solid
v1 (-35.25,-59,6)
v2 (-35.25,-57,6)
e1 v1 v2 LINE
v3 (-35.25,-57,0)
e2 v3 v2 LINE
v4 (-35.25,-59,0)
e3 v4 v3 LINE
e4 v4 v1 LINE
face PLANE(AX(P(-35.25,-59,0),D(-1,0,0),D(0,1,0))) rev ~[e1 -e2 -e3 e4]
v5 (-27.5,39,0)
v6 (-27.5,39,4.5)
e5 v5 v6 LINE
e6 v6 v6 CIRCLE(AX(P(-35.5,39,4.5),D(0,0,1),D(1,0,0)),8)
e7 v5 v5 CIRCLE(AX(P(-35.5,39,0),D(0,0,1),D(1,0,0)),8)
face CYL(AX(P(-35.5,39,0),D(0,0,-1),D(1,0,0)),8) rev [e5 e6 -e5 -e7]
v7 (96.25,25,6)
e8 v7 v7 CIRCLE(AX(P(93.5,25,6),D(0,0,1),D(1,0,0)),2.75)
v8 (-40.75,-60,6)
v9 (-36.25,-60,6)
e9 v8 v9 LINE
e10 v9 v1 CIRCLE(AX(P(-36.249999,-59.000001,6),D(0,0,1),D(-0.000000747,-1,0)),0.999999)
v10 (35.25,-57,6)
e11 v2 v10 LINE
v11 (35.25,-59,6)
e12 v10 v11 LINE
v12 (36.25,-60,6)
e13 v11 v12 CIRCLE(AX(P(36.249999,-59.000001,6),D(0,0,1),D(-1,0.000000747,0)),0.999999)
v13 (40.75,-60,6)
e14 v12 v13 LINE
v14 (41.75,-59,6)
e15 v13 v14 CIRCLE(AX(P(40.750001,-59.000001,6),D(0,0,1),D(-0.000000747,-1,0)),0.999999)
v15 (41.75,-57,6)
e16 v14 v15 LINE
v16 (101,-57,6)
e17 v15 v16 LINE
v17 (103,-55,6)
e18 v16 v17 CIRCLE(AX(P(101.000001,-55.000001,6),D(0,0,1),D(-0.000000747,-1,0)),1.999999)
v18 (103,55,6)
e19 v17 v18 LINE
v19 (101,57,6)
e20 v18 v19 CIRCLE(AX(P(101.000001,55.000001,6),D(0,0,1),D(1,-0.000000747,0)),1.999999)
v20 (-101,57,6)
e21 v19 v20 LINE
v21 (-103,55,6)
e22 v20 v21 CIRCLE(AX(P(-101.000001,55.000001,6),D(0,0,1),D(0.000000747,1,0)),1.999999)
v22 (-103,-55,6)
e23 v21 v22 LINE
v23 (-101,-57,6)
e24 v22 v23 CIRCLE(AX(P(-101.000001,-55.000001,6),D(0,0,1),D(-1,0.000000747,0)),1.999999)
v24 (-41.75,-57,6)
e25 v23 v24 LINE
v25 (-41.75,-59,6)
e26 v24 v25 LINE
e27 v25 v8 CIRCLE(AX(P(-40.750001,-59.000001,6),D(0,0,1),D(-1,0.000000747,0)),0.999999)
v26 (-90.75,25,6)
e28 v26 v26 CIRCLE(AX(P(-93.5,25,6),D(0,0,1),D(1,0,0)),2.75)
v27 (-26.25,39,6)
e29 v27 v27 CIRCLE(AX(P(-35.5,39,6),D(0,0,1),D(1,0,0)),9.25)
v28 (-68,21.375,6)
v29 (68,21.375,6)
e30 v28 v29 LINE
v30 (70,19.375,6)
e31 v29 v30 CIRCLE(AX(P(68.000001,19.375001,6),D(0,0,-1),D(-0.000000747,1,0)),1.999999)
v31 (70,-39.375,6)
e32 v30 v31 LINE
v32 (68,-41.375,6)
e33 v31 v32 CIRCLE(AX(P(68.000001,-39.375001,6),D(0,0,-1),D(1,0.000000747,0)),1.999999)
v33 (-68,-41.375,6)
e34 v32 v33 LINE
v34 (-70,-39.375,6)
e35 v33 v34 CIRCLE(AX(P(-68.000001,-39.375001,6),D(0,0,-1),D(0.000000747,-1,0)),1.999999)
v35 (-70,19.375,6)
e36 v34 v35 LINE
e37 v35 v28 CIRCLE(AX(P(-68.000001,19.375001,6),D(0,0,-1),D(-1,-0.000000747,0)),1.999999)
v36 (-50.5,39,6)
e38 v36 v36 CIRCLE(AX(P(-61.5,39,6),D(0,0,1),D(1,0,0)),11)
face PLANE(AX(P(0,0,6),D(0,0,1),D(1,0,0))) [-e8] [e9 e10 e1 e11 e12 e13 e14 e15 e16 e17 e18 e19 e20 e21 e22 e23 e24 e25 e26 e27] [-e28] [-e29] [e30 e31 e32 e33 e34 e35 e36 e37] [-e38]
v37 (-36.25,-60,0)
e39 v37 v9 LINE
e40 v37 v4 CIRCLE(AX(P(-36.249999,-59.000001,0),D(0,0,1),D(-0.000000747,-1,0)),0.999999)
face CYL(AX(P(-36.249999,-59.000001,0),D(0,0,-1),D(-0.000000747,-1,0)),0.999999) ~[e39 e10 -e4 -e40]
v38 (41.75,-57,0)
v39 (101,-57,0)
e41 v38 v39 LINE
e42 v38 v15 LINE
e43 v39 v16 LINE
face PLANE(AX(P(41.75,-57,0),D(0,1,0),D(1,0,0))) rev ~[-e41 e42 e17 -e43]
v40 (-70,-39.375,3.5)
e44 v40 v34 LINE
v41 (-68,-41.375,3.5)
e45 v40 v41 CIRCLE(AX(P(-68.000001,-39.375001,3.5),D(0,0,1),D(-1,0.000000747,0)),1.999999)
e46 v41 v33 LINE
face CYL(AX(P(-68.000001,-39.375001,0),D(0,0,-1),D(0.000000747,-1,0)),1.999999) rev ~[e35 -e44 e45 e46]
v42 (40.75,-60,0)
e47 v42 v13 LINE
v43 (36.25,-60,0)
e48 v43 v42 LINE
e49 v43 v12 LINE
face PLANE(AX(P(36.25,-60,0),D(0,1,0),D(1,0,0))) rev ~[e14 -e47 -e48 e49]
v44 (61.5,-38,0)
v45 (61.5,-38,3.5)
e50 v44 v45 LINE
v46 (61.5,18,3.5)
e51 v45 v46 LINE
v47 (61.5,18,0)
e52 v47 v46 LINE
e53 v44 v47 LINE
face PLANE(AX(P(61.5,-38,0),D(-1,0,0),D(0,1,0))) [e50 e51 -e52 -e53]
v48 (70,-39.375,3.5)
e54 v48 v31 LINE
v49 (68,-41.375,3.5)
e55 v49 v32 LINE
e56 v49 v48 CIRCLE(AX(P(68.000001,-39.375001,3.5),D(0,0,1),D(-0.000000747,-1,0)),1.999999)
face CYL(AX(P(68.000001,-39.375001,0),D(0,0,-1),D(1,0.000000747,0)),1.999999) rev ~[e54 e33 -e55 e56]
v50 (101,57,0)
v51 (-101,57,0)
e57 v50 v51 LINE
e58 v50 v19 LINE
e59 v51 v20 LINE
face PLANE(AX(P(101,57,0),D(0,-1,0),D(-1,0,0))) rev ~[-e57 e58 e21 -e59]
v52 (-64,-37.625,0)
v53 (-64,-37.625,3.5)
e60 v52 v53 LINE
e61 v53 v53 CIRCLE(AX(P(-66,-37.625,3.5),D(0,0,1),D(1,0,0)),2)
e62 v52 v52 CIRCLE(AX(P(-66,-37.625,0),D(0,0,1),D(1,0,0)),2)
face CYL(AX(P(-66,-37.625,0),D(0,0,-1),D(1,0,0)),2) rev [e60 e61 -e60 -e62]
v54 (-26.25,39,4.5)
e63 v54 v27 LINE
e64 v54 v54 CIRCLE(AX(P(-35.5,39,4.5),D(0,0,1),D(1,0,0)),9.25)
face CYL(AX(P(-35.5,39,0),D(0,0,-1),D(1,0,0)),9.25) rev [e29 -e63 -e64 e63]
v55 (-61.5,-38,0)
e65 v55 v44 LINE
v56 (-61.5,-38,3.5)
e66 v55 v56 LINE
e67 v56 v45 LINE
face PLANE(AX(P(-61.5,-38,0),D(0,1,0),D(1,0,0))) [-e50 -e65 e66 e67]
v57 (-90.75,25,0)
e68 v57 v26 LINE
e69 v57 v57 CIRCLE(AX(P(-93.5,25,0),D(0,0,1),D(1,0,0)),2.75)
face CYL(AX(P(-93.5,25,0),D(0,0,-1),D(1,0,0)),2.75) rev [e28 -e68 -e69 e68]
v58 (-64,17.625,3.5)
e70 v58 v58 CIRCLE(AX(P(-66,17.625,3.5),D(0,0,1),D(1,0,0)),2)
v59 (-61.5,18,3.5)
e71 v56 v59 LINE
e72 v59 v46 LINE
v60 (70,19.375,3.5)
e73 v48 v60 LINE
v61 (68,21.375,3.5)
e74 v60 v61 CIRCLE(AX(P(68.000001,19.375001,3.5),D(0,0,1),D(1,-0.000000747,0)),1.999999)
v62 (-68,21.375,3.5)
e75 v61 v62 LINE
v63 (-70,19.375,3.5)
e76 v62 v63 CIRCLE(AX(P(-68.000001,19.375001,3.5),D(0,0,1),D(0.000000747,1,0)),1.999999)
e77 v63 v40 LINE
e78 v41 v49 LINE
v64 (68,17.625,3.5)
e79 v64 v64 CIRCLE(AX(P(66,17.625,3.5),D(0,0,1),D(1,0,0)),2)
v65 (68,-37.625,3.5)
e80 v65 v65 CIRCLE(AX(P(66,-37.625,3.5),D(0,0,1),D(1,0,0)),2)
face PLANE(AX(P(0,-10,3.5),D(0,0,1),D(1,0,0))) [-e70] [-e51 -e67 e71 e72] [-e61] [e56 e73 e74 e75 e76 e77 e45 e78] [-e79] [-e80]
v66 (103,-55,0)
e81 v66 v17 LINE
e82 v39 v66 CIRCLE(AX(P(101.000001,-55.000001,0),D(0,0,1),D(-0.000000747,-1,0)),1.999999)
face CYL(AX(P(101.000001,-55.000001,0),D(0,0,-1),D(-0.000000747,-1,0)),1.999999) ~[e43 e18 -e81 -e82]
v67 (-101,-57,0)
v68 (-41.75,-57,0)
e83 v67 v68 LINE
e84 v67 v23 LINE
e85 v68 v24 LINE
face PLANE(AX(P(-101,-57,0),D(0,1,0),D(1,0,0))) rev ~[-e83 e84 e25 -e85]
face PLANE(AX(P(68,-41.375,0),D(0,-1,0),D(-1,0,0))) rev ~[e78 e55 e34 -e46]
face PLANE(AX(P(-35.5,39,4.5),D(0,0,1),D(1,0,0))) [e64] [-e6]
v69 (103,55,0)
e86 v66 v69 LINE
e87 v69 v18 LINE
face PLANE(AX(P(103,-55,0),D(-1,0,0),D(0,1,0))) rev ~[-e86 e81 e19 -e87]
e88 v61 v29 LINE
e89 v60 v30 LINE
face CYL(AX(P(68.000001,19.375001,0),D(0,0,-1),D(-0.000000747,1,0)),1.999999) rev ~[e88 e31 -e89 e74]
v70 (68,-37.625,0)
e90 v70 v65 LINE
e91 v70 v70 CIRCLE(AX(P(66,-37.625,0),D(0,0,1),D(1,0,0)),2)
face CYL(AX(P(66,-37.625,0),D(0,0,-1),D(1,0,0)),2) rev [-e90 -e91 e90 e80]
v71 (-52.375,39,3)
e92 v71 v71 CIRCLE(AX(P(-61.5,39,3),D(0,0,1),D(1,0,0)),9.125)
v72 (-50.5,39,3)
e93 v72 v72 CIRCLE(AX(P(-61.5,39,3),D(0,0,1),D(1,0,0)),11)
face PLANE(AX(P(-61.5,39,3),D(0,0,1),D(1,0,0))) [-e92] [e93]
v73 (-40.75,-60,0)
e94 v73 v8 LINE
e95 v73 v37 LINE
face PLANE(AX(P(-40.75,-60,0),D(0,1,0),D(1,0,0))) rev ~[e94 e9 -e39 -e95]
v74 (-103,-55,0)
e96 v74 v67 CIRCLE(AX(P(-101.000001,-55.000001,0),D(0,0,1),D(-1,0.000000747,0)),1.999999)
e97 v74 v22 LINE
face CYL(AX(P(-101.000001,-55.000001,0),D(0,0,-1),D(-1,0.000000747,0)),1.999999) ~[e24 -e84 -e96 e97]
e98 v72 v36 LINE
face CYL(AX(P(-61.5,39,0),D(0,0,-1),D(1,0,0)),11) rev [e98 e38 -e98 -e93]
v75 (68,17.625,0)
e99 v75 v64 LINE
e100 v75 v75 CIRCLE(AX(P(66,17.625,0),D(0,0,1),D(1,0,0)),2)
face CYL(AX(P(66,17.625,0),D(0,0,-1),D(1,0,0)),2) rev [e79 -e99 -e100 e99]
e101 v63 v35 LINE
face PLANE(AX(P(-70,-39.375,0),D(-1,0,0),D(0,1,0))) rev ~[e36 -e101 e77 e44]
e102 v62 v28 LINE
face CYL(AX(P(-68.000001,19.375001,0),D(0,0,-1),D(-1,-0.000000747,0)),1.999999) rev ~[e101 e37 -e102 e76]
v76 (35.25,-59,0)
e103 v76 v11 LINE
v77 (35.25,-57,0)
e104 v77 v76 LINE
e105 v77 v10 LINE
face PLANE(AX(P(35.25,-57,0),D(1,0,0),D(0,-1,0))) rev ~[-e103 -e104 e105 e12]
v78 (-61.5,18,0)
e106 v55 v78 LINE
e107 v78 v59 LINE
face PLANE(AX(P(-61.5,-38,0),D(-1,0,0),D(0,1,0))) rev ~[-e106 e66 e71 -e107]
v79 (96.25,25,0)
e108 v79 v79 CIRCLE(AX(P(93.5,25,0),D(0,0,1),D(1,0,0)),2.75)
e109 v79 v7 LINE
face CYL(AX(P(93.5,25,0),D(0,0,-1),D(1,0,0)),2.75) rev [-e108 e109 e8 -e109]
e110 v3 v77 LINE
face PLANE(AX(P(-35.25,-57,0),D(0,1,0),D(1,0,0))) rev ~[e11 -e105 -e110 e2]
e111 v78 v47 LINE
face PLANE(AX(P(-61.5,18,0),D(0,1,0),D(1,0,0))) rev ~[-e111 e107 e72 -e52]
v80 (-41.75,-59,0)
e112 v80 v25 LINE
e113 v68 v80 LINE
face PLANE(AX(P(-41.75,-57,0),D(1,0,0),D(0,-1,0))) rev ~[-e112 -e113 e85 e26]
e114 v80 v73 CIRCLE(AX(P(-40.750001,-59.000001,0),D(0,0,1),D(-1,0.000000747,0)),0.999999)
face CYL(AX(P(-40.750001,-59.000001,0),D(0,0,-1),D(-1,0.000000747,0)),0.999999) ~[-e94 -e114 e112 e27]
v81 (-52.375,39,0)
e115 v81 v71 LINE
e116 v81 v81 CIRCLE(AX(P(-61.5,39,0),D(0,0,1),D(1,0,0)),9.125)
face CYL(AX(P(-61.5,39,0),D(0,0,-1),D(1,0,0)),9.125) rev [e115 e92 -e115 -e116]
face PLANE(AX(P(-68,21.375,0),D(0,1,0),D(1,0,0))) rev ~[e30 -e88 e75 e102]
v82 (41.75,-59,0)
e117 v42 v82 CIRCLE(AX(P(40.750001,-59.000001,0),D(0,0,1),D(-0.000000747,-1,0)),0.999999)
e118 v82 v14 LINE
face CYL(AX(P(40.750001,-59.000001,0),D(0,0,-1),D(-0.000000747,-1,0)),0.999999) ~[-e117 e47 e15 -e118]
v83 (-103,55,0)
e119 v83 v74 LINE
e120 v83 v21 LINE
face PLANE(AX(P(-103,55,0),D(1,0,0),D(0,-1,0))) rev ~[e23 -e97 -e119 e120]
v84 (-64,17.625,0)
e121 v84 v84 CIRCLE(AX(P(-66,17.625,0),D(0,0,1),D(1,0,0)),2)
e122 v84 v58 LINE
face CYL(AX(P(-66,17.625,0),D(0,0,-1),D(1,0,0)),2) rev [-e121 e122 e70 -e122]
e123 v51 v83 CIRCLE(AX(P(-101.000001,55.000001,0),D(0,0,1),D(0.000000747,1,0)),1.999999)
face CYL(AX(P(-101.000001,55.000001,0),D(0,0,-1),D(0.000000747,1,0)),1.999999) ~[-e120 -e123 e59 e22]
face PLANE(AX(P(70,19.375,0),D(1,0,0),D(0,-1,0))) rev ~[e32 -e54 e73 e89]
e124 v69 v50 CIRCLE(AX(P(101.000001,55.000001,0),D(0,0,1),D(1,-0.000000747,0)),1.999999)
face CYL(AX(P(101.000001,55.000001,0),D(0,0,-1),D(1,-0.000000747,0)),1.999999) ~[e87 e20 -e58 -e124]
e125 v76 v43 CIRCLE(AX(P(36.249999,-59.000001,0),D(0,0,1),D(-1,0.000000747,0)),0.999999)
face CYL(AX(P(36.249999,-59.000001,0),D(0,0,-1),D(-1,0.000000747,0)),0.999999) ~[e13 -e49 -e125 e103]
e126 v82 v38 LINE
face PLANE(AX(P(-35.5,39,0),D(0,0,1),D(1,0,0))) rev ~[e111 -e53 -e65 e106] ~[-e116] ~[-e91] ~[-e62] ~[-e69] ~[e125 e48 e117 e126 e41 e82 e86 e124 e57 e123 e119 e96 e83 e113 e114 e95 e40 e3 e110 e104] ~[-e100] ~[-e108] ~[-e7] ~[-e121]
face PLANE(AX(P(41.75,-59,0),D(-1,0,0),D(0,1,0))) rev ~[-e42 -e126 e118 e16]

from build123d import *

# Parameters (mm, degrees)
F0_R     = 2.75
F0_R_2   = 11
F0_R_3   = 9.25
F1_DEPTH = 6
F0_R_4   = 2
F0_W     = 123
F0_H     = 56
F2_DEPTH = 3.5
F0_R_5   = 9.125
F3_DEPTH = 3
F0_R_6   = 8
F4_DEPTH = 4.5


with BuildPart() as f1:
    # F0 (on Top) → F1 (new body)
    with BuildSketch(Plane.XY):
        with BuildLine():
            Line((41.75, -57), (101, -57))
            ThreePointArc((101, -57), (102.414214, -56.414214), (103, -55))
            Line((103, -55), (103, 55))
            ThreePointArc((103, 55), (102.414214, 56.414214), (101, 57))
            Line((101, 57), (-101, 57))
            ThreePointArc((-101, 57), (-102.414214, 56.414214), (-103, 55))
            Line((-103, 55), (-103, -55))
            ThreePointArc((-103, -55), (-102.414214, -56.414214), (-101, -57))
            Line((-101, -57), (-41.75, -57))
            Line((-41.75, -57), (-35.25, -57))
            Line((-35.25, -57), (0, -57))
            Line((0, -57), (35.25, -57))
            Line((35.25, -57), (41.75, -57))
        make_face()
        with BuildLine():
            ThreePointArc((70, -39.375), (69.414214, -40.789214), (68, -41.375))
            Line((68, -41.375), (-68, -41.375))
            ThreePointArc((-68, -41.375), (-69.414214, -40.789214), (-70, -39.375))
            Line((-70, -39.375), (-70, 19.375))
            ThreePointArc((-70, 19.375), (-69.414214, 20.789214), (-68, 21.375))
            Line((-68, 21.375), (68, 21.375))
            ThreePointArc((68, 21.375), (69.414214, 20.789214), (70, 19.375))
            Line((70, 19.375), (70, -39.375))
        make_face(mode=Mode.SUBTRACT)
        with Locations((-93.5, 25)):
            Circle(F0_R, mode=Mode.SUBTRACT)
        with Locations((-61.5, 39)):
            Circle(F0_R_2, mode=Mode.SUBTRACT)
        with Locations((-35.5, 39)):
            Circle(F0_R_3, mode=Mode.SUBTRACT)
        with Locations((93.5, 25)):
            Circle(F0_R, mode=Mode.SUBTRACT)
        with BuildLine():
            Line((-35.25, -59), (-35.25, -57))
            Line((-35.25, -57), (-41.75, -57))
            Line((-41.75, -57), (-41.75, -59))
            ThreePointArc((-41.75, -59), (-41.457107, -59.707107), (-40.75, -60))
            Line((-40.75, -60), (-36.25, -60))
            ThreePointArc((-36.25, -60), (-35.542893, -59.707107), (-35.25, -59))
        make_face()
        with BuildLine():
            Line((41.75, -59), (41.75, -57))
            Line((41.75, -57), (35.25, -57))
            Line((35.25, -57), (35.25, -59))
            ThreePointArc((35.25, -59), (35.542893, -59.707107), (36.25, -60))
            Line((36.25, -60), (40.75, -60))
            ThreePointArc((40.75, -60), (41.457107, -59.707107), (41.75, -59))
        make_face()
    extrude(amount=F1_DEPTH)

    # F0 (on Top) → F2 (join)
    with BuildSketch(Plane.XY):
        with BuildLine():
            Line((-68, -41.375), (68, -41.375))
            ThreePointArc((68, -41.375), (69.414214, -40.789214), (70, -39.375))
            Line((70, -39.375), (70, 19.375))
            ThreePointArc((70, 19.375), (69.414214, 20.789214), (68, 21.375))
            Line((68, 21.375), (-68, 21.375))
            ThreePointArc((-68, 21.375), (-69.414214, 20.789214), (-70, 19.375))
            Line((-70, 19.375), (-70, -39.375))
            ThreePointArc((-70, -39.375), (-69.414214, -40.789214), (-68, -41.375))
        make_face()
        with Locations((-66, -37.625)):
            Circle(F0_R_4, mode=Mode.SUBTRACT)
        with Locations((0, -10)):
            Rectangle(F0_W, F0_H, mode=Mode.SUBTRACT)
        with Locations((66, -37.625)):
            Circle(F0_R_4, mode=Mode.SUBTRACT)
        with Locations((-66, 17.625)):
            Circle(F0_R_4, mode=Mode.SUBTRACT)
        with Locations((66, 17.625)):
            Circle(F0_R_4, mode=Mode.SUBTRACT)
    extrude(amount=F2_DEPTH)

    # F0 (on Top) → F3 (join)
    with BuildSketch(Plane.XY):
        with Locations((-61.5, 39)):
            Circle(F0_R_2)
        with Locations((-61.5, 39)):
            Circle(F0_R_5, mode=Mode.SUBTRACT)
    extrude(amount=F3_DEPTH)

    # F0 (on Top) → F4 (join)
    with BuildSketch(Plane.XY):
        with Locations((-35.5, 39)):
            Circle(F0_R_3)
        with Locations((-35.5, 39)):
            Circle(F0_R_6, mode=Mode.SUBTRACT)
    extrude(amount=F4_DEPTH)


solid = f1.part
